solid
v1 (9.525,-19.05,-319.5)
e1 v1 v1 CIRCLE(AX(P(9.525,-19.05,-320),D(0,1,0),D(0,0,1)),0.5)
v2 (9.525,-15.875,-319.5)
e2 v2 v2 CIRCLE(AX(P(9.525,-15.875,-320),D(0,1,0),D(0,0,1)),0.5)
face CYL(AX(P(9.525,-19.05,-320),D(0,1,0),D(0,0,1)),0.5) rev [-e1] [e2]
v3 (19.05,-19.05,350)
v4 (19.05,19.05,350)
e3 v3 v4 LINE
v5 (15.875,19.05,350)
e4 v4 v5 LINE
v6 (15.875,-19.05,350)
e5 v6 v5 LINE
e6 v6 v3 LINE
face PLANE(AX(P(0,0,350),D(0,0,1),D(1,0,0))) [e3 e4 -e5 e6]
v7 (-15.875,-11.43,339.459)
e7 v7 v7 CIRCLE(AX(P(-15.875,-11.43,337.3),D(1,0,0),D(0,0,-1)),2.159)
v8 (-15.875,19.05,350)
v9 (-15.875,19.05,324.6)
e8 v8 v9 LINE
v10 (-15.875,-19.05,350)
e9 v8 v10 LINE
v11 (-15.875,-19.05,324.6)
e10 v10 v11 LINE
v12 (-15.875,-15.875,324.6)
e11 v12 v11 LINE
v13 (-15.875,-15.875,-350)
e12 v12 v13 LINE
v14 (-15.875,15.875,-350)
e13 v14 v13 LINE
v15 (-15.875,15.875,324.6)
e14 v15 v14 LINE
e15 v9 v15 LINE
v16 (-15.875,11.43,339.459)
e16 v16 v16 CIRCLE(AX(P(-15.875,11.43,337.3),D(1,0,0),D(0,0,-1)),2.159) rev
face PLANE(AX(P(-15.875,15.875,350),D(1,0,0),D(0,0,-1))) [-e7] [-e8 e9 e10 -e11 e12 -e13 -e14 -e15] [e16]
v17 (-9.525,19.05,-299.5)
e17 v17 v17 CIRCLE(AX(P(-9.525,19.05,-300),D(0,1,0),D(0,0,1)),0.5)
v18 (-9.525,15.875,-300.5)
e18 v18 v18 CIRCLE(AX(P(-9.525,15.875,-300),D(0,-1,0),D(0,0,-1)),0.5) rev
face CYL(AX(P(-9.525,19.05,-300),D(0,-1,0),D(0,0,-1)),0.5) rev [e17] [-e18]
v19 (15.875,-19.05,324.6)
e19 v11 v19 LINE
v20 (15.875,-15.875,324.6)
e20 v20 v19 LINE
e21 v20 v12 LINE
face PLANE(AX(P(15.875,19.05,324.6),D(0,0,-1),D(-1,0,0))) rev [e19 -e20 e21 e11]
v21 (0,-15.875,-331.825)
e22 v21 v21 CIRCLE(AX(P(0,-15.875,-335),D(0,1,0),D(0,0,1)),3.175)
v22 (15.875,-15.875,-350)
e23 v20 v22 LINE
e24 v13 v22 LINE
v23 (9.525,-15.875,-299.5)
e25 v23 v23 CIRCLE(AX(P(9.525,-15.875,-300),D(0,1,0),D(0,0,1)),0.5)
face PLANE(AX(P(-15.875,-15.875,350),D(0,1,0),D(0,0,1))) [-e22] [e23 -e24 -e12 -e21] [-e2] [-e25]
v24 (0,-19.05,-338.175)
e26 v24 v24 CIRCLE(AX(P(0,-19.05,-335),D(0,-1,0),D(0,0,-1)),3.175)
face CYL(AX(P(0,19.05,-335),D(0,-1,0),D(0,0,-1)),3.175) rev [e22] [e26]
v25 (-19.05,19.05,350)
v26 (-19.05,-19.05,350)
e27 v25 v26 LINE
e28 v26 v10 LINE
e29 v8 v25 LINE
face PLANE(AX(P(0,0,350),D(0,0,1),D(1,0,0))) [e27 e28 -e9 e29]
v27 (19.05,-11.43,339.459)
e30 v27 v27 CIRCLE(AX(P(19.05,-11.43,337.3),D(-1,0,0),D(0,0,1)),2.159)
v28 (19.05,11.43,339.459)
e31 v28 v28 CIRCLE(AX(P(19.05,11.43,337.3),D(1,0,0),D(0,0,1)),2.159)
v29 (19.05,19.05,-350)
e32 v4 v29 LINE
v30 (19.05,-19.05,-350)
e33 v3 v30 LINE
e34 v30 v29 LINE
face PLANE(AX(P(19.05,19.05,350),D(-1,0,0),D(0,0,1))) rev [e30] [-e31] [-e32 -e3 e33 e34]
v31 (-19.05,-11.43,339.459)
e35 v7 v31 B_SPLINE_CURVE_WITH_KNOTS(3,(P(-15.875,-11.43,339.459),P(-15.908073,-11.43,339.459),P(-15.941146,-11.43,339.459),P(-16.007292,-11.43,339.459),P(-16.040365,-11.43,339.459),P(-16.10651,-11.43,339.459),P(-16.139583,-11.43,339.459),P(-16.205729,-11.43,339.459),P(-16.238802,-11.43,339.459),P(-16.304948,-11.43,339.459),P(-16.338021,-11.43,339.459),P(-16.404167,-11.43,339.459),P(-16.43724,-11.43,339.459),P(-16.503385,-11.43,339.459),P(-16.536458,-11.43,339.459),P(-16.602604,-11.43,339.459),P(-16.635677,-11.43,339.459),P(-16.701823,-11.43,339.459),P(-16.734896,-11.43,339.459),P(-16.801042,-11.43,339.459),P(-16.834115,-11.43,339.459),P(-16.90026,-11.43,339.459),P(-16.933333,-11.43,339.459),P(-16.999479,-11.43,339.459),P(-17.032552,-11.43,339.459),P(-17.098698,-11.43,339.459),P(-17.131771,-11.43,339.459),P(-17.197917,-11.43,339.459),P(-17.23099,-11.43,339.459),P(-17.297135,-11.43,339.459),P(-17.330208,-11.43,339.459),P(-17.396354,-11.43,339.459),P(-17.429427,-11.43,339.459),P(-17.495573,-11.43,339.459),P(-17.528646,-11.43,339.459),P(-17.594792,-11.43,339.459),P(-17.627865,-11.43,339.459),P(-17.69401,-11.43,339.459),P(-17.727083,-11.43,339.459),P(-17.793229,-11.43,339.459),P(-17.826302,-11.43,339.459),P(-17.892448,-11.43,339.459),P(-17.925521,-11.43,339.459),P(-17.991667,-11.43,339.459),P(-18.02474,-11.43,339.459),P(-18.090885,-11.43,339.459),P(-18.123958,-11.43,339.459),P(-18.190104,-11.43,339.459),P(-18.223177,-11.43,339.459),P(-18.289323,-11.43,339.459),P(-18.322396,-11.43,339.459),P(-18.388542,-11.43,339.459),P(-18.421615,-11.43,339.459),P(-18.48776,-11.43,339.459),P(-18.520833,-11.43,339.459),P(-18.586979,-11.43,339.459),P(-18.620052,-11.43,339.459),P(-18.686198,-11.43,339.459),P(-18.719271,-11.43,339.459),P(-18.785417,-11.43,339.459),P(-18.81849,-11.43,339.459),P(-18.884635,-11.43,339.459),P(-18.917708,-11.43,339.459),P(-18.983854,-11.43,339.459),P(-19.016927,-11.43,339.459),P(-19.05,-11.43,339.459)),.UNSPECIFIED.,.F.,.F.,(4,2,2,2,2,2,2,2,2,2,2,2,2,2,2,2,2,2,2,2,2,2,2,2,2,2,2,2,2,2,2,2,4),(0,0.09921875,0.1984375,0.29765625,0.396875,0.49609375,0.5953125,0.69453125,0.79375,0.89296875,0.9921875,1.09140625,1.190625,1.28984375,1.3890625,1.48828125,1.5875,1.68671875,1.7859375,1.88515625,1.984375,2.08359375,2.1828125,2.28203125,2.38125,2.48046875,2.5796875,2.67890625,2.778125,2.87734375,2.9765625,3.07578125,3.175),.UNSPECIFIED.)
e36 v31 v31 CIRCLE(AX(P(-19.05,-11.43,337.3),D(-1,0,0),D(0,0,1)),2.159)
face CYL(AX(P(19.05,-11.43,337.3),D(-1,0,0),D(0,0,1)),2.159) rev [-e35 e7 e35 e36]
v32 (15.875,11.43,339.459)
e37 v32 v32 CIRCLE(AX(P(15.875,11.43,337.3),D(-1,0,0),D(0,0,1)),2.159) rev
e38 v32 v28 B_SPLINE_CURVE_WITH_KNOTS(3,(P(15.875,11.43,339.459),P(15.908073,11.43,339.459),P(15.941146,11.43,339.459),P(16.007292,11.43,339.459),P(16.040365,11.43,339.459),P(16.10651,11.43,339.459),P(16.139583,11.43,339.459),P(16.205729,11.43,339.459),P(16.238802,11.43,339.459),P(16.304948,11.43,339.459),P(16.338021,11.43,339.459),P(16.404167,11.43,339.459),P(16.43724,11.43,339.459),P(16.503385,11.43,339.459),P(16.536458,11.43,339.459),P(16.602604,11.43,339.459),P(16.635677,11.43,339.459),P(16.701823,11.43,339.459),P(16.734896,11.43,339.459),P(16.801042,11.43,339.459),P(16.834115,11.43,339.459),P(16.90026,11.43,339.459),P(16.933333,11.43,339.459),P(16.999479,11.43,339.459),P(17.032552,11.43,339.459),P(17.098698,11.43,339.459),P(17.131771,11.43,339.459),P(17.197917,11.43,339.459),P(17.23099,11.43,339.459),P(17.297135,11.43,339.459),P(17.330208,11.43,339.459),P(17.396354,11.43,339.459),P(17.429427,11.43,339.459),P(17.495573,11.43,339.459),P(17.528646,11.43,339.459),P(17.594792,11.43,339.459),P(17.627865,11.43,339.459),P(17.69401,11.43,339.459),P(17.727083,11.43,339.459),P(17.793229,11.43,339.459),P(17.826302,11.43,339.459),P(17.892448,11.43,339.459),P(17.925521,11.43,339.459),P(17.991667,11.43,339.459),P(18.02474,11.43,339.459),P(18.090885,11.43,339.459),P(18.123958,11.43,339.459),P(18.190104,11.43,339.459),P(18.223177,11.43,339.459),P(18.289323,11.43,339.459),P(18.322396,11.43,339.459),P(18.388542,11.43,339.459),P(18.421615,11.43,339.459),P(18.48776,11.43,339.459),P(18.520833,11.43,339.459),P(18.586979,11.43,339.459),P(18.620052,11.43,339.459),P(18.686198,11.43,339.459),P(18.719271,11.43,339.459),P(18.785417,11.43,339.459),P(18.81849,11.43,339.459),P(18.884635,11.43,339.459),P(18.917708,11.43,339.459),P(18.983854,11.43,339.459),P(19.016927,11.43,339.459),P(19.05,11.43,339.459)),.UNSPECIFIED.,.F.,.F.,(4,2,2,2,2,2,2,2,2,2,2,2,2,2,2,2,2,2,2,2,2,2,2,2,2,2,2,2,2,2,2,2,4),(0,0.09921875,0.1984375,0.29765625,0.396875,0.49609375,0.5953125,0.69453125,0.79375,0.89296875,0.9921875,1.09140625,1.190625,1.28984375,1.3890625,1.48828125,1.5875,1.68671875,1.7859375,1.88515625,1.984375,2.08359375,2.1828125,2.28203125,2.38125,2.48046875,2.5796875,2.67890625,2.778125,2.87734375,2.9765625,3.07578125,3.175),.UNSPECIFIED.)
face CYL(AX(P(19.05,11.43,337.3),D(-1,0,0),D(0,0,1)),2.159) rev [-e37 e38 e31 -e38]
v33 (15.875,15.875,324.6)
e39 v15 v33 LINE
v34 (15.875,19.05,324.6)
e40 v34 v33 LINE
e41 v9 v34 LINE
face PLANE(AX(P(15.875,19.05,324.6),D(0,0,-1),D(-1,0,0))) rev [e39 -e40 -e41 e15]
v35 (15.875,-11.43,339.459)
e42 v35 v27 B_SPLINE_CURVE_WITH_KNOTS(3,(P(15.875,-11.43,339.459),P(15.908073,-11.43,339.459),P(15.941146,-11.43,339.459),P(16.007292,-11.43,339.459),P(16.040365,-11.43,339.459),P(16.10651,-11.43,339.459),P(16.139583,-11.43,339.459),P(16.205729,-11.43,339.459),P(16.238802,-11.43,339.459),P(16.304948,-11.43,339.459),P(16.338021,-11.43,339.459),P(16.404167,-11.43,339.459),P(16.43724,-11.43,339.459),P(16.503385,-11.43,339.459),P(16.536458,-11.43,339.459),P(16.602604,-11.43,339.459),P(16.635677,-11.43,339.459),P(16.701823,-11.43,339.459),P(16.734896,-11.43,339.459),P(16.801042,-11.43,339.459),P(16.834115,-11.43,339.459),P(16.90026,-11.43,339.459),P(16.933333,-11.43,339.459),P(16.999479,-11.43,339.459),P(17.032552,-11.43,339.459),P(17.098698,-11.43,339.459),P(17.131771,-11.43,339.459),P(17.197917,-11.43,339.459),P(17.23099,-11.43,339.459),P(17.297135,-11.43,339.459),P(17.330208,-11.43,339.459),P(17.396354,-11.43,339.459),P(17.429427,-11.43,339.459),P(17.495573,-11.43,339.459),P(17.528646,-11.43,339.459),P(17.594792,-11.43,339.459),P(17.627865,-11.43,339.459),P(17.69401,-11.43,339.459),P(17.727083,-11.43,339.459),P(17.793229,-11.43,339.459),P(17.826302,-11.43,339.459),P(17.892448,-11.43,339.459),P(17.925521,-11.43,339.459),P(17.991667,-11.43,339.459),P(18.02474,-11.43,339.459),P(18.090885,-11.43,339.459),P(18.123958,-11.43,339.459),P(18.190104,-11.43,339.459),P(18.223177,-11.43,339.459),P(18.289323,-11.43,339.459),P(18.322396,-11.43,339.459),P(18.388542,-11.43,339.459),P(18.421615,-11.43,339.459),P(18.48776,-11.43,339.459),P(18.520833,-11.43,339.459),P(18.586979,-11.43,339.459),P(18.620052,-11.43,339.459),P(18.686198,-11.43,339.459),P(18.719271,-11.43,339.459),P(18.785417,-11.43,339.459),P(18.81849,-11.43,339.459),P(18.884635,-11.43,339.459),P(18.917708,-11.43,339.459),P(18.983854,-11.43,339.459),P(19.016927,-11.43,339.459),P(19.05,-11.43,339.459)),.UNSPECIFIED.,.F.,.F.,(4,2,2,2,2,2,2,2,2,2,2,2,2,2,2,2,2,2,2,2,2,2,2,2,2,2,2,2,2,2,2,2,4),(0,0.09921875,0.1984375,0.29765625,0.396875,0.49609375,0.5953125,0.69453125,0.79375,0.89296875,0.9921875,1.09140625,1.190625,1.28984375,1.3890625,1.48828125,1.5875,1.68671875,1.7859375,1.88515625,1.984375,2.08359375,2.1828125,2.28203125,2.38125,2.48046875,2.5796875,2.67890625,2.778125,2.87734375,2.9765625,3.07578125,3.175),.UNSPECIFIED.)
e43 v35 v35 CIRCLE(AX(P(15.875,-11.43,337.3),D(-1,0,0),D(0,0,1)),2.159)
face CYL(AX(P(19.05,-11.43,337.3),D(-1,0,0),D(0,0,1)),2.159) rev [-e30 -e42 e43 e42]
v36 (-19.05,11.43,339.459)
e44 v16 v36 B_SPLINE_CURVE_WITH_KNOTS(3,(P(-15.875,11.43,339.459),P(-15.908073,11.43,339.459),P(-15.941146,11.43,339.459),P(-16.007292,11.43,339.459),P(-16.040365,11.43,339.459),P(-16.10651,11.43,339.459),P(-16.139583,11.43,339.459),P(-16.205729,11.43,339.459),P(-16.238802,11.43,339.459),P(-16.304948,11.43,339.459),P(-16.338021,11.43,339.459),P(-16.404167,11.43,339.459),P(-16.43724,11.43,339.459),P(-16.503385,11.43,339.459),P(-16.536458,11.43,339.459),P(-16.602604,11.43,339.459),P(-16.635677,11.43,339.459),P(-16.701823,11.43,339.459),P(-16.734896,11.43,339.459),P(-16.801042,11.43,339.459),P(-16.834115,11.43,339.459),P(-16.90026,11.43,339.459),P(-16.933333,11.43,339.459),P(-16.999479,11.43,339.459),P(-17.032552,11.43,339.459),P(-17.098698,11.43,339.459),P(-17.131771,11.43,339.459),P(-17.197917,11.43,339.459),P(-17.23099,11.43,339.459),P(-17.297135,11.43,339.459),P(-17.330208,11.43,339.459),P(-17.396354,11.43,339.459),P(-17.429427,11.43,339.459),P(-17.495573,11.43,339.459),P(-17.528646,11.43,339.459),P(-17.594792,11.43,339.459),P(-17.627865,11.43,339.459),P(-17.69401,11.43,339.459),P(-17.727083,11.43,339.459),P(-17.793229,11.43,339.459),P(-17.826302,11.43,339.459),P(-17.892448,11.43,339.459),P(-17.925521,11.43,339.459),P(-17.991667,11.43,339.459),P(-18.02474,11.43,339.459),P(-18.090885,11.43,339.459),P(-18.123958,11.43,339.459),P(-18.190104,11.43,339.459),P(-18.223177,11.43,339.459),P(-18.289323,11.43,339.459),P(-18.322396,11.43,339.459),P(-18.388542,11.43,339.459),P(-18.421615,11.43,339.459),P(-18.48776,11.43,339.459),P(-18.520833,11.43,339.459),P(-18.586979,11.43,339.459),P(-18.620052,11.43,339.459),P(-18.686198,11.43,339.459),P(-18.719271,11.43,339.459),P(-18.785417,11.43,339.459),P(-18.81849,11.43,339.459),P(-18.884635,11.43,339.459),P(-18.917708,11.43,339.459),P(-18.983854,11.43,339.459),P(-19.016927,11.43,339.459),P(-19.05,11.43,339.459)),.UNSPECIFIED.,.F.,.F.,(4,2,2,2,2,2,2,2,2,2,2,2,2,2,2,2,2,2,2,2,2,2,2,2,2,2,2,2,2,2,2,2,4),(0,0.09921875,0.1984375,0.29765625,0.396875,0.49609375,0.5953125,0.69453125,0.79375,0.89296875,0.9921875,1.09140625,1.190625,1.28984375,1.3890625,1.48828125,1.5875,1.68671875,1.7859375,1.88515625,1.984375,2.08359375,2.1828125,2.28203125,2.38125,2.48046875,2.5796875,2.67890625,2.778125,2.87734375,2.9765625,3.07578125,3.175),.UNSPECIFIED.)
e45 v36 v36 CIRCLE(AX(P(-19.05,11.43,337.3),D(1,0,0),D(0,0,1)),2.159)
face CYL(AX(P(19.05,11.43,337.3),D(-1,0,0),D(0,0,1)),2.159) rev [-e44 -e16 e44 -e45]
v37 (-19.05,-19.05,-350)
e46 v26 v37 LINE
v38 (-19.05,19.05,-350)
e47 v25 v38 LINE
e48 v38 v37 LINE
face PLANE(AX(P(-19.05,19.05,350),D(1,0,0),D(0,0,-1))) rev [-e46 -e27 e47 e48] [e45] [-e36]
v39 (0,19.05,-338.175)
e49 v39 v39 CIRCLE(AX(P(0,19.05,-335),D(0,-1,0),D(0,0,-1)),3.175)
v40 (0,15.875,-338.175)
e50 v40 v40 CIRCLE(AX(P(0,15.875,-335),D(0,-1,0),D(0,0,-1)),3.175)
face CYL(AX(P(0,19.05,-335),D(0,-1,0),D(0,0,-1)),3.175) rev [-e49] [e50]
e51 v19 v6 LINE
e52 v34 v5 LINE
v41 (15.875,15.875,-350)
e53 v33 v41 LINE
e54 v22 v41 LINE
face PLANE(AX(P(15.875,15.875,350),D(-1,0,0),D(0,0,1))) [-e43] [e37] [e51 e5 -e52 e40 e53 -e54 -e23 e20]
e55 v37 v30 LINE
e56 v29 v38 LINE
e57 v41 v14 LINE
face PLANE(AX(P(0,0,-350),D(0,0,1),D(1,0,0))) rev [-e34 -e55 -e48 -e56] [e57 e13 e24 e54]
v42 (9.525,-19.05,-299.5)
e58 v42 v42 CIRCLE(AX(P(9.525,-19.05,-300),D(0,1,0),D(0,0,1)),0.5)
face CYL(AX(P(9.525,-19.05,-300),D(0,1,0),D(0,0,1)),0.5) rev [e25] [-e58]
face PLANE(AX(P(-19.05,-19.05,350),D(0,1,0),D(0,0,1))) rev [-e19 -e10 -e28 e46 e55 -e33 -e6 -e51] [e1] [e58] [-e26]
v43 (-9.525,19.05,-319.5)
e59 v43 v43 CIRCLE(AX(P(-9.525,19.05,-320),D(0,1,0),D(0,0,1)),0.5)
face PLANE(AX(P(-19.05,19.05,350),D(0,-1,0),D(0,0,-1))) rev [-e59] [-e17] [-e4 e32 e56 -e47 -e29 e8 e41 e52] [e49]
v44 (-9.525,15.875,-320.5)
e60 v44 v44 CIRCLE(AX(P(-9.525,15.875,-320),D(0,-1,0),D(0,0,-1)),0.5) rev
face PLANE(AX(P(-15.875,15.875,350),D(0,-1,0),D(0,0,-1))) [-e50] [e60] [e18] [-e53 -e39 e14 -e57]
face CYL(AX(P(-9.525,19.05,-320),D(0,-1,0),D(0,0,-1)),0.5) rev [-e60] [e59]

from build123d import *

# Parameters (mm, degrees)
ESQUISSE2_W             = 38.1
ESQUISSE2_H             = 38.1
ESQUISSE2_W_2           = 31.75
ESQUISSE2_H_2           = 31.75
BOSS_EXTRU_1_DEPTH      = 350
ESQUISSE3_R             = 2.159
ENL_V_MAT_EXTRU_1_DEPTH = 353.582632159
ESQUISSE4_W             = 31.75
ESQUISSE4_H             = 25.4
ENL_V_MAT_EXTRU_2_DEPTH = 353.582632159
ESQUISSE6_R             = 3.175
ENL_V_MAT_EXTRU_3_DEPTH = 353.582632159
ESQUISSE8_R             = 0.5
ENL_V_MAT_EXTRU_4_DEPTH = 352.035332979
ESQUISSE8_3_R           = 0.5
ENL_V_MAT_EXTRU_5_DEPTH = 352.035332979


with BuildPart() as part:
    # Esquisse2 → Boss.-Extru.1 (new, symmetric)
    with BuildSketch(Plane.XY):
        Rectangle(ESQUISSE2_W, ESQUISSE2_H)
        Rectangle(ESQUISSE2_W_2, ESQUISSE2_H_2, mode=Mode.SUBTRACT)
    extrude(amount=BOSS_EXTRU_1_DEPTH, both=True)

    # Esquisse3 → Enlèv. mat.-Extru.1 (cut, through all)
    with BuildSketch(Plane.ZY.offset(19.05)):
        with Locations((337.3, -11.43)):
            Circle(ESQUISSE3_R)
    enl_v_mat_extru_1 = extrude(amount=-ENL_V_MAT_EXTRU_1_DEPTH, mode=Mode.SUBTRACT)

    # Symétrie1: Enlèv. mat.-Extru.1 across plane
    add(enl_v_mat_extru_1.mirror(Plane.ZX), mode=Mode.SUBTRACT)

    # Esquisse4 → Enlèv. mat.-Extru.2 (cut, through all)
    with BuildSketch(Plane.XZ.offset(19.05)):
        with Locations((0, 337.3)):
            Rectangle(ESQUISSE4_W, ESQUISSE4_H)
    extrude(amount=-ENL_V_MAT_EXTRU_2_DEPTH, mode=Mode.SUBTRACT)

    # Esquisse6 → Enlèv. mat.-Extru.3 (cut, through all)
    with BuildSketch(Plane.XZ.offset(19.05)):
        with Locations((0, -335)):
            Circle(ESQUISSE6_R)
    extrude(amount=-ENL_V_MAT_EXTRU_3_DEPTH, mode=Mode.SUBTRACT)

    # Esquisse8 → Enlèv. mat.-Extru.4 (cut, through all)
    with BuildSketch(Plane(origin=(0, 0, 0), x_dir=(1, 0, 0), z_dir=(0, 1, 0))):
        with Locations((9.525, 320)):
            Circle(ESQUISSE8_R)
        with Locations((9.525, 300)):
            Circle(ESQUISSE8_R)
    extrude(amount=-ENL_V_MAT_EXTRU_4_DEPTH, mode=Mode.SUBTRACT)

    # Esquisse8<3> → Enlèv. mat.-Extru.5 (cut, through all)
    with BuildSketch(Plane(origin=(0, 0, 0), x_dir=(1, 0, 0), z_dir=(0, 1, 0))):
        with Locations((-9.525, 300)):
            Circle(ESQUISSE8_3_R)
        with Locations((-9.525, 320)):
            Circle(ESQUISSE8_3_R)
    extrude(amount=ENL_V_MAT_EXTRU_5_DEPTH, mode=Mode.SUBTRACT)


solid = part.part
